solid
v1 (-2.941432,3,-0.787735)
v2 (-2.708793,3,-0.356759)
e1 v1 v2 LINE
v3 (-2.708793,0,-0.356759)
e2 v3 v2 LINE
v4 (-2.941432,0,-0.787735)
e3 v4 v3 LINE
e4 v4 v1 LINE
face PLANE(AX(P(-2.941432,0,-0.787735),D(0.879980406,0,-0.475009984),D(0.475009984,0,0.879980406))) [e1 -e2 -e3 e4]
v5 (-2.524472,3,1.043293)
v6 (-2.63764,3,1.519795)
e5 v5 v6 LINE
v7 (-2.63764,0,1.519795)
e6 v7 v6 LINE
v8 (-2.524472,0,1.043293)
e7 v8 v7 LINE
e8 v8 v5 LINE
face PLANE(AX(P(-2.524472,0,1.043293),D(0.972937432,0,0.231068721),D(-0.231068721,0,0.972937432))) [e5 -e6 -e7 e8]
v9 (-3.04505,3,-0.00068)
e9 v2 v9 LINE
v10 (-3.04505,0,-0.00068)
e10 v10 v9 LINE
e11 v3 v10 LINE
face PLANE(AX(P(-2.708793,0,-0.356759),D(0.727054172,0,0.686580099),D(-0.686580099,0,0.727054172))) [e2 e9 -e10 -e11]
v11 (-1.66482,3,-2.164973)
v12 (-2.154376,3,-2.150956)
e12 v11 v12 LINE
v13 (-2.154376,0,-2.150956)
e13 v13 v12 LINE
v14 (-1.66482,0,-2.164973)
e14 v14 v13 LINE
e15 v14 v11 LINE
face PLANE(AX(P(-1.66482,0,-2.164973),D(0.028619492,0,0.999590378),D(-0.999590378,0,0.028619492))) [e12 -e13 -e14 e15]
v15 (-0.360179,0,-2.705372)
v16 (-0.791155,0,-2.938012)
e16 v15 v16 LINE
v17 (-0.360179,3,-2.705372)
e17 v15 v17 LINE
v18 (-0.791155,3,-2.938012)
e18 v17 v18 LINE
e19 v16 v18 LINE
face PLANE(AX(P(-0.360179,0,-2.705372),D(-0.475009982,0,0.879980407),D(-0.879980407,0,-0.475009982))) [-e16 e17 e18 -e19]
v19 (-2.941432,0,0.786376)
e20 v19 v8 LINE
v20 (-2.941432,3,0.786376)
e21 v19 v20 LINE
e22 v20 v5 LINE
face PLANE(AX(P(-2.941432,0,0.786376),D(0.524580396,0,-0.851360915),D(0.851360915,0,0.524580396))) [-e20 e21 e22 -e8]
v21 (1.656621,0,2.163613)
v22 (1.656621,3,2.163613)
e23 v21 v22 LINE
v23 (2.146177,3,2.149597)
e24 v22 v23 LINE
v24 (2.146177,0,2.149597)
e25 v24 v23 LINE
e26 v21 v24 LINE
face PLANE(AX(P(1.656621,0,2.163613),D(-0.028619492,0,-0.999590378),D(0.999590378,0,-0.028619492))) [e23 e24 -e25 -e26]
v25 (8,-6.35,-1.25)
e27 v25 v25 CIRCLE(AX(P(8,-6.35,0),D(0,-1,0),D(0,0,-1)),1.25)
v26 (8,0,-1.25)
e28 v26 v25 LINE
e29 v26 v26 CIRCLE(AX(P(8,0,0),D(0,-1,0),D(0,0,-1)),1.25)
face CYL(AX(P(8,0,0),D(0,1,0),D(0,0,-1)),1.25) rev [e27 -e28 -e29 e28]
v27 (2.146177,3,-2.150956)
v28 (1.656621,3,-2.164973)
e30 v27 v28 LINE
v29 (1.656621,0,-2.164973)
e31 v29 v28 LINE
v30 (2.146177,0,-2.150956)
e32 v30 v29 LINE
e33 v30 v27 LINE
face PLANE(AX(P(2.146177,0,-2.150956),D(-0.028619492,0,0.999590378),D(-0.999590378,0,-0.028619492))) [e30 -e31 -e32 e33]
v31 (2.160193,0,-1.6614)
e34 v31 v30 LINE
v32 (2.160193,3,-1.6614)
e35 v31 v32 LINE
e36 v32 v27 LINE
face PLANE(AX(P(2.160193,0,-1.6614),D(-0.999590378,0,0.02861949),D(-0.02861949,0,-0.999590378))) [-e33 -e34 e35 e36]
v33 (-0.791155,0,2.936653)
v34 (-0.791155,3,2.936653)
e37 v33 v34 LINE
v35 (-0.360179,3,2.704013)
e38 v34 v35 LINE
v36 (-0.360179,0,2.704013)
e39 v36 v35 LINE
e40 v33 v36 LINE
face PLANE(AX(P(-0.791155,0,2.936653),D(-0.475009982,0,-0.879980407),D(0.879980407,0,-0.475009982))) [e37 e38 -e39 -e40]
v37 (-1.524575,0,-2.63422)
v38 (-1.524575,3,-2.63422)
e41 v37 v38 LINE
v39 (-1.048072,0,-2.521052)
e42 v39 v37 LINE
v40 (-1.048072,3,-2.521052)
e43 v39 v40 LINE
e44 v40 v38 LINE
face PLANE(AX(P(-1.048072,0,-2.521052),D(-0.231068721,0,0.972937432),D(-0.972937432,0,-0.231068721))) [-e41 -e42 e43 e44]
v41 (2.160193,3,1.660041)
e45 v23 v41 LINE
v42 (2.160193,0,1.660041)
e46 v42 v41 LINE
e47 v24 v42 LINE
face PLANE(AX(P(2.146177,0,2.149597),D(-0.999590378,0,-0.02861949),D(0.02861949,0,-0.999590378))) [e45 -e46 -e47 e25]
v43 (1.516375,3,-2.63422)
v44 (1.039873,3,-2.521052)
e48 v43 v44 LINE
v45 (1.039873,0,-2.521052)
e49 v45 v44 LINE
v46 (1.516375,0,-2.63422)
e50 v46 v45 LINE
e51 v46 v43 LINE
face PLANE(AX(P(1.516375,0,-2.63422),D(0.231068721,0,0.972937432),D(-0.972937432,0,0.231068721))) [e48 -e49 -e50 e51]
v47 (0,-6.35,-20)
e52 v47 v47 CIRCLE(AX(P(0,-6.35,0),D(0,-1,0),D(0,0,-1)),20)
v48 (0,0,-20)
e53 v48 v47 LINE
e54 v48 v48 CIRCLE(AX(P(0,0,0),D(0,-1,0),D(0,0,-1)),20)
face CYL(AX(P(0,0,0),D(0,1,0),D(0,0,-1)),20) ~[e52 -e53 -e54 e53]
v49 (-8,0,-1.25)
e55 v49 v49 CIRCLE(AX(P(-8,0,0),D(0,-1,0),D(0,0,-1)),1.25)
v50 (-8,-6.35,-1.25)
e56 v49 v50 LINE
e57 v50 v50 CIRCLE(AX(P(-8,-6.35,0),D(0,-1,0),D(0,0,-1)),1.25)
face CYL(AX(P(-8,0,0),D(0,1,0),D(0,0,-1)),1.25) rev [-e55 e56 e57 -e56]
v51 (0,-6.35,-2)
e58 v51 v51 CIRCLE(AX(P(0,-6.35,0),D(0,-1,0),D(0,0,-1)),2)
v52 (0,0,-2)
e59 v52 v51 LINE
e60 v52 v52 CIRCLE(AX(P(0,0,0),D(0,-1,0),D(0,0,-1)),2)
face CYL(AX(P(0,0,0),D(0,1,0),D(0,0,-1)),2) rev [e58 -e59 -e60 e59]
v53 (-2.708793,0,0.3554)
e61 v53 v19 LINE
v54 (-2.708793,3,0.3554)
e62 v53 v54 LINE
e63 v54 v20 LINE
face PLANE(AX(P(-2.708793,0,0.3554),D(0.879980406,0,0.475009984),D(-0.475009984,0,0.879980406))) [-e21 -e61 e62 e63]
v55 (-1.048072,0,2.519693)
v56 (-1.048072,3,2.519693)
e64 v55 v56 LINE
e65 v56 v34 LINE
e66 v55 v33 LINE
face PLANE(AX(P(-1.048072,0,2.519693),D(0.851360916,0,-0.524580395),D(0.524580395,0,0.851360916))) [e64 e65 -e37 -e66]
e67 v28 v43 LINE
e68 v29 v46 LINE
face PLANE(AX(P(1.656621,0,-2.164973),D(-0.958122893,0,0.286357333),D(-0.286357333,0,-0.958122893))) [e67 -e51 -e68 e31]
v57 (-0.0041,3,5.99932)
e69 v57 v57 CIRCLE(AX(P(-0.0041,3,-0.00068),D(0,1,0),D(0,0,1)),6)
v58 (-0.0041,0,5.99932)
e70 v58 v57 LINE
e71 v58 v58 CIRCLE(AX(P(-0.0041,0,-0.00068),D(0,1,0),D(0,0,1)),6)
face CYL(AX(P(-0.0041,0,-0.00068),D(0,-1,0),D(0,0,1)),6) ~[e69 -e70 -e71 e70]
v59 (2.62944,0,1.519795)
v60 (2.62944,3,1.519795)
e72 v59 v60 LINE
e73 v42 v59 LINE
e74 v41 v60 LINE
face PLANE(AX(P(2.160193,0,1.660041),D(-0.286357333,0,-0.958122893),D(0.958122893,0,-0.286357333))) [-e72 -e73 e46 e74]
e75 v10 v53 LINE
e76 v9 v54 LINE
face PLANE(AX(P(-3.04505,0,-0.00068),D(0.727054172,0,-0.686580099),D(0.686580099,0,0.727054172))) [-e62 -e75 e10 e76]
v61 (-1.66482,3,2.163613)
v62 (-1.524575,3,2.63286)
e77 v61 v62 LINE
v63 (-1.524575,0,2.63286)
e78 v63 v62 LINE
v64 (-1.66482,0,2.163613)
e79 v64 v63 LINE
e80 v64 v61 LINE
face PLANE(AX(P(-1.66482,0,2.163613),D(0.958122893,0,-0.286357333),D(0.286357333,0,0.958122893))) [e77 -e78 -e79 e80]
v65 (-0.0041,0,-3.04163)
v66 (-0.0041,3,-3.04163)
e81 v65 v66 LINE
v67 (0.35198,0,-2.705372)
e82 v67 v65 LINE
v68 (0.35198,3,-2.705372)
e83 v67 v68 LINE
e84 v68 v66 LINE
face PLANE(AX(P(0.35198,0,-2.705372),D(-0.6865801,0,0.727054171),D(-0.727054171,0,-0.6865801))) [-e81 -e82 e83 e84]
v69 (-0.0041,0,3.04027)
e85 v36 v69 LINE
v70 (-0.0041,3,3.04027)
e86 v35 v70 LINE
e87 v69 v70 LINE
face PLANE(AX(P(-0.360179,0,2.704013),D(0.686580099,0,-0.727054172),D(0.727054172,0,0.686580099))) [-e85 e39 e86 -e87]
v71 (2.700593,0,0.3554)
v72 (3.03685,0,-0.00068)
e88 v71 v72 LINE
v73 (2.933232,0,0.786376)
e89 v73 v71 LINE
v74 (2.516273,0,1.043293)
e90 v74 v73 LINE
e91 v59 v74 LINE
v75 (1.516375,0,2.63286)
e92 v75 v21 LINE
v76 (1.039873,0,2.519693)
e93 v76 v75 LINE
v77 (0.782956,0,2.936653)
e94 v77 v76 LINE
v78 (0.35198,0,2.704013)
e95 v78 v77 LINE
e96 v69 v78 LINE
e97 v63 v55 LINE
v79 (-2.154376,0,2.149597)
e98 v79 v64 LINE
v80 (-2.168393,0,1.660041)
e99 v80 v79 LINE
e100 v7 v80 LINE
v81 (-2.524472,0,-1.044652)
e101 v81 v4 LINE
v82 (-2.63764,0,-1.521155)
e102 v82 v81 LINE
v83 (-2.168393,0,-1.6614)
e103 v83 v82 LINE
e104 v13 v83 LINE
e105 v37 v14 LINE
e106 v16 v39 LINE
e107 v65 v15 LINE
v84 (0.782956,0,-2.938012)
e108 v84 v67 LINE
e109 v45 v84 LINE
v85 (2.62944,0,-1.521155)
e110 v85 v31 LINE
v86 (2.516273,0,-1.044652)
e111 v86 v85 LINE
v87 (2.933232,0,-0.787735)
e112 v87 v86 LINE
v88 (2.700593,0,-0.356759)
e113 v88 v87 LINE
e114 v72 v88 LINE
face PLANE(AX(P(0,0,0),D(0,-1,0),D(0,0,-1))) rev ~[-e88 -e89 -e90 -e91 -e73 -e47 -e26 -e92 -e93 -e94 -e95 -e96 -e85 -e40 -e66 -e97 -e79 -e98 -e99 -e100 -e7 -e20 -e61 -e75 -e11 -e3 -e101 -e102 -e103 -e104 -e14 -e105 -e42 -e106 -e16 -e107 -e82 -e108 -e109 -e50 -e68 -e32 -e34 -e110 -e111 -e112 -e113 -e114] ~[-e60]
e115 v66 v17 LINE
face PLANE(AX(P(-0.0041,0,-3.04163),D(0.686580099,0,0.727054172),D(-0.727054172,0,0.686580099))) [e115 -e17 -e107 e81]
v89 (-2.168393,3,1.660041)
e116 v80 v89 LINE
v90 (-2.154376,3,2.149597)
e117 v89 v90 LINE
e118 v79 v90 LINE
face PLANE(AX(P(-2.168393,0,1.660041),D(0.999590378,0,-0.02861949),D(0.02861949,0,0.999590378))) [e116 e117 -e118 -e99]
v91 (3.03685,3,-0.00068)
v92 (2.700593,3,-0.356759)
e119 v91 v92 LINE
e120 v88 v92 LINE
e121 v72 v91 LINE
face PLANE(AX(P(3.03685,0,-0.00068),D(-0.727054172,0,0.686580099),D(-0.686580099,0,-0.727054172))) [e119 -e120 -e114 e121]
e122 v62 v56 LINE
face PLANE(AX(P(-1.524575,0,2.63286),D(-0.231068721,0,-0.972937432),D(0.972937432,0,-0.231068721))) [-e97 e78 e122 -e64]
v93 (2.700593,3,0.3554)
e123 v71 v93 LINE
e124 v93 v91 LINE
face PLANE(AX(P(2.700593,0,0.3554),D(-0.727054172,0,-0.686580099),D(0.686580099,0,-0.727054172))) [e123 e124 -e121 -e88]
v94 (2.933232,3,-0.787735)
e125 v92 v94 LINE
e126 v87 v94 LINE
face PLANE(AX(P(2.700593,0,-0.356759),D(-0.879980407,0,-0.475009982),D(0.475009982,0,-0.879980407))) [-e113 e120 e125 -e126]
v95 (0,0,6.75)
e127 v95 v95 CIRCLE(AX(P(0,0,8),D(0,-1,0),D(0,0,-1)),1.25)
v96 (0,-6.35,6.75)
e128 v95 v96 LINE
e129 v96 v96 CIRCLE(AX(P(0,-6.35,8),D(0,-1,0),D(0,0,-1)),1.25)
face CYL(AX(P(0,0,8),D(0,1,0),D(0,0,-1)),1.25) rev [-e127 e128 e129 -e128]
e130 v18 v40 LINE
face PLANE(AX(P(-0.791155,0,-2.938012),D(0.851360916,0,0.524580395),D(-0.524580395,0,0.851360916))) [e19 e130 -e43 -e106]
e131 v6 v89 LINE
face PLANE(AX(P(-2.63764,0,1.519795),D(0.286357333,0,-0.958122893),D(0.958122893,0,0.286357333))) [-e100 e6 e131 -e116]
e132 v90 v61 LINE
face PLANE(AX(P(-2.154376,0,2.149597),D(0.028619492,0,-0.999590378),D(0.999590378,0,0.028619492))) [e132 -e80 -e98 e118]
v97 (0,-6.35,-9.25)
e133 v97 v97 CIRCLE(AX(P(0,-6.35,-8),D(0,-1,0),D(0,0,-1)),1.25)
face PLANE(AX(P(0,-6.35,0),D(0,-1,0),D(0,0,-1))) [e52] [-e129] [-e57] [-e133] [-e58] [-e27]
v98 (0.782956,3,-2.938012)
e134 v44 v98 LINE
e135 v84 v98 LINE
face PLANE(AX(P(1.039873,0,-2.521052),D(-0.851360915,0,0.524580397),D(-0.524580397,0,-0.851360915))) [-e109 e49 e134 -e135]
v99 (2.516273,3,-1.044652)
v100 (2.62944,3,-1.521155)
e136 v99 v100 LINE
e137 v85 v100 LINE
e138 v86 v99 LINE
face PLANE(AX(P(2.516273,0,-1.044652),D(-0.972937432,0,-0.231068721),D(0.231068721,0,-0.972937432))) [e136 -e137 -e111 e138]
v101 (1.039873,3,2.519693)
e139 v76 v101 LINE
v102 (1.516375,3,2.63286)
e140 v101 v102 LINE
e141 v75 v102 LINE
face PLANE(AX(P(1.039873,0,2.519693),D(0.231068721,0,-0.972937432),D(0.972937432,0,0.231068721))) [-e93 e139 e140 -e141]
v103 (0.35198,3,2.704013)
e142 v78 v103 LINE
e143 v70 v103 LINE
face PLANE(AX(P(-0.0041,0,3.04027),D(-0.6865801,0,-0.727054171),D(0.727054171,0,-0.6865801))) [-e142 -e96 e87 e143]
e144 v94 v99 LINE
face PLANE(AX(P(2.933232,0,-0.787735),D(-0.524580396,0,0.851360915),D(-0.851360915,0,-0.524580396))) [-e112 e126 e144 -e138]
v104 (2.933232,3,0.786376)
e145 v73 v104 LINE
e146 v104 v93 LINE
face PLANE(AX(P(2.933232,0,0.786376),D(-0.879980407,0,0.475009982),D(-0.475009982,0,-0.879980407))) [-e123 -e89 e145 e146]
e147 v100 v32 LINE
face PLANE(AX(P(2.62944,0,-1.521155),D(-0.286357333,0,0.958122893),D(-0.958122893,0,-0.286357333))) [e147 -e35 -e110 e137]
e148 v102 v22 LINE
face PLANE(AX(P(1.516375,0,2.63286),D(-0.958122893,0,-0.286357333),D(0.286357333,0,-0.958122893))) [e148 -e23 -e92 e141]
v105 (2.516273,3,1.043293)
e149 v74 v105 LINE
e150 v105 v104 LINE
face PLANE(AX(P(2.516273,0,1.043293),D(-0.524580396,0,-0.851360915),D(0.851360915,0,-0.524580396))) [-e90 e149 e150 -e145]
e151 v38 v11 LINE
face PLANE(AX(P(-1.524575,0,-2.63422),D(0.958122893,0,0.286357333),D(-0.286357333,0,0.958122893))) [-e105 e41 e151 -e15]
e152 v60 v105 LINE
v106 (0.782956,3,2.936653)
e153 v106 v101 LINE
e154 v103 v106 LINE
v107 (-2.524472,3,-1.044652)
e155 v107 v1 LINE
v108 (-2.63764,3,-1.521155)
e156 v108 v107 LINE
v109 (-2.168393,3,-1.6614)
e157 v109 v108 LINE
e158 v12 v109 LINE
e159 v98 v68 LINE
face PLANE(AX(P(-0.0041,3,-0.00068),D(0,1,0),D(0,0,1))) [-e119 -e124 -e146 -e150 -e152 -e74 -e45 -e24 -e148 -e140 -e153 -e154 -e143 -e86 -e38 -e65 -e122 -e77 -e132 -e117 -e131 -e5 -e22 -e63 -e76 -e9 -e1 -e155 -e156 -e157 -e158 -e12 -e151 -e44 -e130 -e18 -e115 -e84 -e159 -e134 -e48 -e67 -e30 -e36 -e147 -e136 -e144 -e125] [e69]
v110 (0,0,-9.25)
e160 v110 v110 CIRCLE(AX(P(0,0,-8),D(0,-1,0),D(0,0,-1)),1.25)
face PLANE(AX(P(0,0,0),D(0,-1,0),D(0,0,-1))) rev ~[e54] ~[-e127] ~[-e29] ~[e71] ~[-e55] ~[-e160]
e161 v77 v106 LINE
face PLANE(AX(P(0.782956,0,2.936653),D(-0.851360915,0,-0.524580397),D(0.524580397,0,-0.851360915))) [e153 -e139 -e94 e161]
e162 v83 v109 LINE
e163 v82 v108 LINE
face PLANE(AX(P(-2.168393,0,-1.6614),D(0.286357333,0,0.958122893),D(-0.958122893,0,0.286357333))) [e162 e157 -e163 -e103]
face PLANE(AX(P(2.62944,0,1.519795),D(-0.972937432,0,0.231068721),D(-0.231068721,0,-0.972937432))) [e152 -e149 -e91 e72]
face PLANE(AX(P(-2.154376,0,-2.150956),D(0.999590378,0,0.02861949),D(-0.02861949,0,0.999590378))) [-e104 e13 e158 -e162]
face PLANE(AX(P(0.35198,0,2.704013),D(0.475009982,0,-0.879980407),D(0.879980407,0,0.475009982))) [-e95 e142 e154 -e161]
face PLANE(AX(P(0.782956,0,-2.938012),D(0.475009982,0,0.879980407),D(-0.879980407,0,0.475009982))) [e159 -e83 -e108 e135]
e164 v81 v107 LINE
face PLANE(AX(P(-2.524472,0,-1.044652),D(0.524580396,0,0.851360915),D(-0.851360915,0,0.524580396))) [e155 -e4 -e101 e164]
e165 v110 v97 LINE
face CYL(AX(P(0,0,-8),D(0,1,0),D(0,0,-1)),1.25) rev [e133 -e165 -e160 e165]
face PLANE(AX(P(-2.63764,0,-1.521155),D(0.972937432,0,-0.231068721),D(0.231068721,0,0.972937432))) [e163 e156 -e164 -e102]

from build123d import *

# Parameters (mm, degrees)
SKETCH1_R           = 6
BOSS_EXTRUDE1_DEPTH = 3
SKETCH2_R           = 20
SKETCH2_R_2         = 2
SKETCH2_R_3         = 1.25
BOSS_EXTRUDE2_DEPTH = 6.35


with BuildPart() as part:
    # Sketch1 → Boss-Extrude1 (new body)
    with BuildSketch(Plane(origin=(0, 0, 0), x_dir=(1, 0, 0), z_dir=(0, 1, 0))):
        with Locations(Location((-0.004099667, 0.000679594, 0), (0, 0, 270))):
            Circle(SKETCH1_R)
        Polygon((-0.004099667, 3.041629594), (-0.360179239, 2.705372466), (-0.791155443, 2.938011735), (-1.048072148, 2.521052117), (-1.524574667, 2.634219546), (-1.664820058, 2.164972545), (-2.154376034, 2.15095596), (-2.168392618, 1.661399985), (-2.637639619, 1.521154594), (-2.52447219, 1.044652075), (-2.941431809, 0.787735369), (-2.708792539, 0.356759166), (-3.045049667, 0.000679594), (-2.708792539, -0.355399978), (-2.941431809, -0.786376181), (-2.52447219, -1.043292887), (-2.637639619, -1.519795406), (-2.168392618, -1.660040797), (-2.154376034, -2.149596772), (-1.664820058, -2.163613357), (-1.524574667, -2.632860358), (-1.048072148, -2.519692929), (-0.791155443, -2.936652547), (-0.360179239, -2.704013278), (-0.004099667, -3.040270406), (0.351979904, -2.704013278), (0.782956108, -2.936652547), (1.039872814, -2.519692929), (1.516375333, -2.632860358), (1.656620724, -2.163613357), (2.146176699, -2.149596772), (2.160193283, -1.660040797), (2.629440284, -1.519795406), (2.516272855, -1.043292887), (2.933232474, -0.786376181), (2.700593205, -0.355399978), (3.036850333, 0.000679594), (2.700593205, 0.356759166), (2.933232474, 0.787735369), (2.516272855, 1.044652075), (2.629440284, 1.521154594), (2.160193283, 1.661399985), (2.146176699, 2.15095596), (1.656620724, 2.164972545), (1.516375333, 2.634219546), (1.039872814, 2.521052117), (0.782956108, 2.938011735), (0.351979904, 2.705372466), align=None, mode=Mode.SUBTRACT)
    extrude(amount=BOSS_EXTRUDE1_DEPTH)

    # Sketch2 → Boss-Extrude2 (add)
    with BuildSketch(Plane.XZ):
        with Locations(Location((0, 0, 0), (0, 0, 270))):
            Circle(SKETCH2_R)
        with Locations(Location((0, 0, 0), (0, 0, 270))):
            Circle(SKETCH2_R_2, mode=Mode.SUBTRACT)
        with Locations(Location((8, 0, 0), (0, 0, 270))):
            Circle(SKETCH2_R_3, mode=Mode.SUBTRACT)
        with Locations(Location((0, -8, 0), (0, 0, 270))):
            Circle(SKETCH2_R_3, mode=Mode.SUBTRACT)
        with Locations(Location((-8, 0, 0), (0, 0, 270))):
            Circle(SKETCH2_R_3, mode=Mode.SUBTRACT)
        with Locations(Location((0, 8, 0), (0, 0, 270))):
            Circle(SKETCH2_R_3, mode=Mode.SUBTRACT)
    extrude(amount=BOSS_EXTRUDE2_DEPTH)


solid = part.part
